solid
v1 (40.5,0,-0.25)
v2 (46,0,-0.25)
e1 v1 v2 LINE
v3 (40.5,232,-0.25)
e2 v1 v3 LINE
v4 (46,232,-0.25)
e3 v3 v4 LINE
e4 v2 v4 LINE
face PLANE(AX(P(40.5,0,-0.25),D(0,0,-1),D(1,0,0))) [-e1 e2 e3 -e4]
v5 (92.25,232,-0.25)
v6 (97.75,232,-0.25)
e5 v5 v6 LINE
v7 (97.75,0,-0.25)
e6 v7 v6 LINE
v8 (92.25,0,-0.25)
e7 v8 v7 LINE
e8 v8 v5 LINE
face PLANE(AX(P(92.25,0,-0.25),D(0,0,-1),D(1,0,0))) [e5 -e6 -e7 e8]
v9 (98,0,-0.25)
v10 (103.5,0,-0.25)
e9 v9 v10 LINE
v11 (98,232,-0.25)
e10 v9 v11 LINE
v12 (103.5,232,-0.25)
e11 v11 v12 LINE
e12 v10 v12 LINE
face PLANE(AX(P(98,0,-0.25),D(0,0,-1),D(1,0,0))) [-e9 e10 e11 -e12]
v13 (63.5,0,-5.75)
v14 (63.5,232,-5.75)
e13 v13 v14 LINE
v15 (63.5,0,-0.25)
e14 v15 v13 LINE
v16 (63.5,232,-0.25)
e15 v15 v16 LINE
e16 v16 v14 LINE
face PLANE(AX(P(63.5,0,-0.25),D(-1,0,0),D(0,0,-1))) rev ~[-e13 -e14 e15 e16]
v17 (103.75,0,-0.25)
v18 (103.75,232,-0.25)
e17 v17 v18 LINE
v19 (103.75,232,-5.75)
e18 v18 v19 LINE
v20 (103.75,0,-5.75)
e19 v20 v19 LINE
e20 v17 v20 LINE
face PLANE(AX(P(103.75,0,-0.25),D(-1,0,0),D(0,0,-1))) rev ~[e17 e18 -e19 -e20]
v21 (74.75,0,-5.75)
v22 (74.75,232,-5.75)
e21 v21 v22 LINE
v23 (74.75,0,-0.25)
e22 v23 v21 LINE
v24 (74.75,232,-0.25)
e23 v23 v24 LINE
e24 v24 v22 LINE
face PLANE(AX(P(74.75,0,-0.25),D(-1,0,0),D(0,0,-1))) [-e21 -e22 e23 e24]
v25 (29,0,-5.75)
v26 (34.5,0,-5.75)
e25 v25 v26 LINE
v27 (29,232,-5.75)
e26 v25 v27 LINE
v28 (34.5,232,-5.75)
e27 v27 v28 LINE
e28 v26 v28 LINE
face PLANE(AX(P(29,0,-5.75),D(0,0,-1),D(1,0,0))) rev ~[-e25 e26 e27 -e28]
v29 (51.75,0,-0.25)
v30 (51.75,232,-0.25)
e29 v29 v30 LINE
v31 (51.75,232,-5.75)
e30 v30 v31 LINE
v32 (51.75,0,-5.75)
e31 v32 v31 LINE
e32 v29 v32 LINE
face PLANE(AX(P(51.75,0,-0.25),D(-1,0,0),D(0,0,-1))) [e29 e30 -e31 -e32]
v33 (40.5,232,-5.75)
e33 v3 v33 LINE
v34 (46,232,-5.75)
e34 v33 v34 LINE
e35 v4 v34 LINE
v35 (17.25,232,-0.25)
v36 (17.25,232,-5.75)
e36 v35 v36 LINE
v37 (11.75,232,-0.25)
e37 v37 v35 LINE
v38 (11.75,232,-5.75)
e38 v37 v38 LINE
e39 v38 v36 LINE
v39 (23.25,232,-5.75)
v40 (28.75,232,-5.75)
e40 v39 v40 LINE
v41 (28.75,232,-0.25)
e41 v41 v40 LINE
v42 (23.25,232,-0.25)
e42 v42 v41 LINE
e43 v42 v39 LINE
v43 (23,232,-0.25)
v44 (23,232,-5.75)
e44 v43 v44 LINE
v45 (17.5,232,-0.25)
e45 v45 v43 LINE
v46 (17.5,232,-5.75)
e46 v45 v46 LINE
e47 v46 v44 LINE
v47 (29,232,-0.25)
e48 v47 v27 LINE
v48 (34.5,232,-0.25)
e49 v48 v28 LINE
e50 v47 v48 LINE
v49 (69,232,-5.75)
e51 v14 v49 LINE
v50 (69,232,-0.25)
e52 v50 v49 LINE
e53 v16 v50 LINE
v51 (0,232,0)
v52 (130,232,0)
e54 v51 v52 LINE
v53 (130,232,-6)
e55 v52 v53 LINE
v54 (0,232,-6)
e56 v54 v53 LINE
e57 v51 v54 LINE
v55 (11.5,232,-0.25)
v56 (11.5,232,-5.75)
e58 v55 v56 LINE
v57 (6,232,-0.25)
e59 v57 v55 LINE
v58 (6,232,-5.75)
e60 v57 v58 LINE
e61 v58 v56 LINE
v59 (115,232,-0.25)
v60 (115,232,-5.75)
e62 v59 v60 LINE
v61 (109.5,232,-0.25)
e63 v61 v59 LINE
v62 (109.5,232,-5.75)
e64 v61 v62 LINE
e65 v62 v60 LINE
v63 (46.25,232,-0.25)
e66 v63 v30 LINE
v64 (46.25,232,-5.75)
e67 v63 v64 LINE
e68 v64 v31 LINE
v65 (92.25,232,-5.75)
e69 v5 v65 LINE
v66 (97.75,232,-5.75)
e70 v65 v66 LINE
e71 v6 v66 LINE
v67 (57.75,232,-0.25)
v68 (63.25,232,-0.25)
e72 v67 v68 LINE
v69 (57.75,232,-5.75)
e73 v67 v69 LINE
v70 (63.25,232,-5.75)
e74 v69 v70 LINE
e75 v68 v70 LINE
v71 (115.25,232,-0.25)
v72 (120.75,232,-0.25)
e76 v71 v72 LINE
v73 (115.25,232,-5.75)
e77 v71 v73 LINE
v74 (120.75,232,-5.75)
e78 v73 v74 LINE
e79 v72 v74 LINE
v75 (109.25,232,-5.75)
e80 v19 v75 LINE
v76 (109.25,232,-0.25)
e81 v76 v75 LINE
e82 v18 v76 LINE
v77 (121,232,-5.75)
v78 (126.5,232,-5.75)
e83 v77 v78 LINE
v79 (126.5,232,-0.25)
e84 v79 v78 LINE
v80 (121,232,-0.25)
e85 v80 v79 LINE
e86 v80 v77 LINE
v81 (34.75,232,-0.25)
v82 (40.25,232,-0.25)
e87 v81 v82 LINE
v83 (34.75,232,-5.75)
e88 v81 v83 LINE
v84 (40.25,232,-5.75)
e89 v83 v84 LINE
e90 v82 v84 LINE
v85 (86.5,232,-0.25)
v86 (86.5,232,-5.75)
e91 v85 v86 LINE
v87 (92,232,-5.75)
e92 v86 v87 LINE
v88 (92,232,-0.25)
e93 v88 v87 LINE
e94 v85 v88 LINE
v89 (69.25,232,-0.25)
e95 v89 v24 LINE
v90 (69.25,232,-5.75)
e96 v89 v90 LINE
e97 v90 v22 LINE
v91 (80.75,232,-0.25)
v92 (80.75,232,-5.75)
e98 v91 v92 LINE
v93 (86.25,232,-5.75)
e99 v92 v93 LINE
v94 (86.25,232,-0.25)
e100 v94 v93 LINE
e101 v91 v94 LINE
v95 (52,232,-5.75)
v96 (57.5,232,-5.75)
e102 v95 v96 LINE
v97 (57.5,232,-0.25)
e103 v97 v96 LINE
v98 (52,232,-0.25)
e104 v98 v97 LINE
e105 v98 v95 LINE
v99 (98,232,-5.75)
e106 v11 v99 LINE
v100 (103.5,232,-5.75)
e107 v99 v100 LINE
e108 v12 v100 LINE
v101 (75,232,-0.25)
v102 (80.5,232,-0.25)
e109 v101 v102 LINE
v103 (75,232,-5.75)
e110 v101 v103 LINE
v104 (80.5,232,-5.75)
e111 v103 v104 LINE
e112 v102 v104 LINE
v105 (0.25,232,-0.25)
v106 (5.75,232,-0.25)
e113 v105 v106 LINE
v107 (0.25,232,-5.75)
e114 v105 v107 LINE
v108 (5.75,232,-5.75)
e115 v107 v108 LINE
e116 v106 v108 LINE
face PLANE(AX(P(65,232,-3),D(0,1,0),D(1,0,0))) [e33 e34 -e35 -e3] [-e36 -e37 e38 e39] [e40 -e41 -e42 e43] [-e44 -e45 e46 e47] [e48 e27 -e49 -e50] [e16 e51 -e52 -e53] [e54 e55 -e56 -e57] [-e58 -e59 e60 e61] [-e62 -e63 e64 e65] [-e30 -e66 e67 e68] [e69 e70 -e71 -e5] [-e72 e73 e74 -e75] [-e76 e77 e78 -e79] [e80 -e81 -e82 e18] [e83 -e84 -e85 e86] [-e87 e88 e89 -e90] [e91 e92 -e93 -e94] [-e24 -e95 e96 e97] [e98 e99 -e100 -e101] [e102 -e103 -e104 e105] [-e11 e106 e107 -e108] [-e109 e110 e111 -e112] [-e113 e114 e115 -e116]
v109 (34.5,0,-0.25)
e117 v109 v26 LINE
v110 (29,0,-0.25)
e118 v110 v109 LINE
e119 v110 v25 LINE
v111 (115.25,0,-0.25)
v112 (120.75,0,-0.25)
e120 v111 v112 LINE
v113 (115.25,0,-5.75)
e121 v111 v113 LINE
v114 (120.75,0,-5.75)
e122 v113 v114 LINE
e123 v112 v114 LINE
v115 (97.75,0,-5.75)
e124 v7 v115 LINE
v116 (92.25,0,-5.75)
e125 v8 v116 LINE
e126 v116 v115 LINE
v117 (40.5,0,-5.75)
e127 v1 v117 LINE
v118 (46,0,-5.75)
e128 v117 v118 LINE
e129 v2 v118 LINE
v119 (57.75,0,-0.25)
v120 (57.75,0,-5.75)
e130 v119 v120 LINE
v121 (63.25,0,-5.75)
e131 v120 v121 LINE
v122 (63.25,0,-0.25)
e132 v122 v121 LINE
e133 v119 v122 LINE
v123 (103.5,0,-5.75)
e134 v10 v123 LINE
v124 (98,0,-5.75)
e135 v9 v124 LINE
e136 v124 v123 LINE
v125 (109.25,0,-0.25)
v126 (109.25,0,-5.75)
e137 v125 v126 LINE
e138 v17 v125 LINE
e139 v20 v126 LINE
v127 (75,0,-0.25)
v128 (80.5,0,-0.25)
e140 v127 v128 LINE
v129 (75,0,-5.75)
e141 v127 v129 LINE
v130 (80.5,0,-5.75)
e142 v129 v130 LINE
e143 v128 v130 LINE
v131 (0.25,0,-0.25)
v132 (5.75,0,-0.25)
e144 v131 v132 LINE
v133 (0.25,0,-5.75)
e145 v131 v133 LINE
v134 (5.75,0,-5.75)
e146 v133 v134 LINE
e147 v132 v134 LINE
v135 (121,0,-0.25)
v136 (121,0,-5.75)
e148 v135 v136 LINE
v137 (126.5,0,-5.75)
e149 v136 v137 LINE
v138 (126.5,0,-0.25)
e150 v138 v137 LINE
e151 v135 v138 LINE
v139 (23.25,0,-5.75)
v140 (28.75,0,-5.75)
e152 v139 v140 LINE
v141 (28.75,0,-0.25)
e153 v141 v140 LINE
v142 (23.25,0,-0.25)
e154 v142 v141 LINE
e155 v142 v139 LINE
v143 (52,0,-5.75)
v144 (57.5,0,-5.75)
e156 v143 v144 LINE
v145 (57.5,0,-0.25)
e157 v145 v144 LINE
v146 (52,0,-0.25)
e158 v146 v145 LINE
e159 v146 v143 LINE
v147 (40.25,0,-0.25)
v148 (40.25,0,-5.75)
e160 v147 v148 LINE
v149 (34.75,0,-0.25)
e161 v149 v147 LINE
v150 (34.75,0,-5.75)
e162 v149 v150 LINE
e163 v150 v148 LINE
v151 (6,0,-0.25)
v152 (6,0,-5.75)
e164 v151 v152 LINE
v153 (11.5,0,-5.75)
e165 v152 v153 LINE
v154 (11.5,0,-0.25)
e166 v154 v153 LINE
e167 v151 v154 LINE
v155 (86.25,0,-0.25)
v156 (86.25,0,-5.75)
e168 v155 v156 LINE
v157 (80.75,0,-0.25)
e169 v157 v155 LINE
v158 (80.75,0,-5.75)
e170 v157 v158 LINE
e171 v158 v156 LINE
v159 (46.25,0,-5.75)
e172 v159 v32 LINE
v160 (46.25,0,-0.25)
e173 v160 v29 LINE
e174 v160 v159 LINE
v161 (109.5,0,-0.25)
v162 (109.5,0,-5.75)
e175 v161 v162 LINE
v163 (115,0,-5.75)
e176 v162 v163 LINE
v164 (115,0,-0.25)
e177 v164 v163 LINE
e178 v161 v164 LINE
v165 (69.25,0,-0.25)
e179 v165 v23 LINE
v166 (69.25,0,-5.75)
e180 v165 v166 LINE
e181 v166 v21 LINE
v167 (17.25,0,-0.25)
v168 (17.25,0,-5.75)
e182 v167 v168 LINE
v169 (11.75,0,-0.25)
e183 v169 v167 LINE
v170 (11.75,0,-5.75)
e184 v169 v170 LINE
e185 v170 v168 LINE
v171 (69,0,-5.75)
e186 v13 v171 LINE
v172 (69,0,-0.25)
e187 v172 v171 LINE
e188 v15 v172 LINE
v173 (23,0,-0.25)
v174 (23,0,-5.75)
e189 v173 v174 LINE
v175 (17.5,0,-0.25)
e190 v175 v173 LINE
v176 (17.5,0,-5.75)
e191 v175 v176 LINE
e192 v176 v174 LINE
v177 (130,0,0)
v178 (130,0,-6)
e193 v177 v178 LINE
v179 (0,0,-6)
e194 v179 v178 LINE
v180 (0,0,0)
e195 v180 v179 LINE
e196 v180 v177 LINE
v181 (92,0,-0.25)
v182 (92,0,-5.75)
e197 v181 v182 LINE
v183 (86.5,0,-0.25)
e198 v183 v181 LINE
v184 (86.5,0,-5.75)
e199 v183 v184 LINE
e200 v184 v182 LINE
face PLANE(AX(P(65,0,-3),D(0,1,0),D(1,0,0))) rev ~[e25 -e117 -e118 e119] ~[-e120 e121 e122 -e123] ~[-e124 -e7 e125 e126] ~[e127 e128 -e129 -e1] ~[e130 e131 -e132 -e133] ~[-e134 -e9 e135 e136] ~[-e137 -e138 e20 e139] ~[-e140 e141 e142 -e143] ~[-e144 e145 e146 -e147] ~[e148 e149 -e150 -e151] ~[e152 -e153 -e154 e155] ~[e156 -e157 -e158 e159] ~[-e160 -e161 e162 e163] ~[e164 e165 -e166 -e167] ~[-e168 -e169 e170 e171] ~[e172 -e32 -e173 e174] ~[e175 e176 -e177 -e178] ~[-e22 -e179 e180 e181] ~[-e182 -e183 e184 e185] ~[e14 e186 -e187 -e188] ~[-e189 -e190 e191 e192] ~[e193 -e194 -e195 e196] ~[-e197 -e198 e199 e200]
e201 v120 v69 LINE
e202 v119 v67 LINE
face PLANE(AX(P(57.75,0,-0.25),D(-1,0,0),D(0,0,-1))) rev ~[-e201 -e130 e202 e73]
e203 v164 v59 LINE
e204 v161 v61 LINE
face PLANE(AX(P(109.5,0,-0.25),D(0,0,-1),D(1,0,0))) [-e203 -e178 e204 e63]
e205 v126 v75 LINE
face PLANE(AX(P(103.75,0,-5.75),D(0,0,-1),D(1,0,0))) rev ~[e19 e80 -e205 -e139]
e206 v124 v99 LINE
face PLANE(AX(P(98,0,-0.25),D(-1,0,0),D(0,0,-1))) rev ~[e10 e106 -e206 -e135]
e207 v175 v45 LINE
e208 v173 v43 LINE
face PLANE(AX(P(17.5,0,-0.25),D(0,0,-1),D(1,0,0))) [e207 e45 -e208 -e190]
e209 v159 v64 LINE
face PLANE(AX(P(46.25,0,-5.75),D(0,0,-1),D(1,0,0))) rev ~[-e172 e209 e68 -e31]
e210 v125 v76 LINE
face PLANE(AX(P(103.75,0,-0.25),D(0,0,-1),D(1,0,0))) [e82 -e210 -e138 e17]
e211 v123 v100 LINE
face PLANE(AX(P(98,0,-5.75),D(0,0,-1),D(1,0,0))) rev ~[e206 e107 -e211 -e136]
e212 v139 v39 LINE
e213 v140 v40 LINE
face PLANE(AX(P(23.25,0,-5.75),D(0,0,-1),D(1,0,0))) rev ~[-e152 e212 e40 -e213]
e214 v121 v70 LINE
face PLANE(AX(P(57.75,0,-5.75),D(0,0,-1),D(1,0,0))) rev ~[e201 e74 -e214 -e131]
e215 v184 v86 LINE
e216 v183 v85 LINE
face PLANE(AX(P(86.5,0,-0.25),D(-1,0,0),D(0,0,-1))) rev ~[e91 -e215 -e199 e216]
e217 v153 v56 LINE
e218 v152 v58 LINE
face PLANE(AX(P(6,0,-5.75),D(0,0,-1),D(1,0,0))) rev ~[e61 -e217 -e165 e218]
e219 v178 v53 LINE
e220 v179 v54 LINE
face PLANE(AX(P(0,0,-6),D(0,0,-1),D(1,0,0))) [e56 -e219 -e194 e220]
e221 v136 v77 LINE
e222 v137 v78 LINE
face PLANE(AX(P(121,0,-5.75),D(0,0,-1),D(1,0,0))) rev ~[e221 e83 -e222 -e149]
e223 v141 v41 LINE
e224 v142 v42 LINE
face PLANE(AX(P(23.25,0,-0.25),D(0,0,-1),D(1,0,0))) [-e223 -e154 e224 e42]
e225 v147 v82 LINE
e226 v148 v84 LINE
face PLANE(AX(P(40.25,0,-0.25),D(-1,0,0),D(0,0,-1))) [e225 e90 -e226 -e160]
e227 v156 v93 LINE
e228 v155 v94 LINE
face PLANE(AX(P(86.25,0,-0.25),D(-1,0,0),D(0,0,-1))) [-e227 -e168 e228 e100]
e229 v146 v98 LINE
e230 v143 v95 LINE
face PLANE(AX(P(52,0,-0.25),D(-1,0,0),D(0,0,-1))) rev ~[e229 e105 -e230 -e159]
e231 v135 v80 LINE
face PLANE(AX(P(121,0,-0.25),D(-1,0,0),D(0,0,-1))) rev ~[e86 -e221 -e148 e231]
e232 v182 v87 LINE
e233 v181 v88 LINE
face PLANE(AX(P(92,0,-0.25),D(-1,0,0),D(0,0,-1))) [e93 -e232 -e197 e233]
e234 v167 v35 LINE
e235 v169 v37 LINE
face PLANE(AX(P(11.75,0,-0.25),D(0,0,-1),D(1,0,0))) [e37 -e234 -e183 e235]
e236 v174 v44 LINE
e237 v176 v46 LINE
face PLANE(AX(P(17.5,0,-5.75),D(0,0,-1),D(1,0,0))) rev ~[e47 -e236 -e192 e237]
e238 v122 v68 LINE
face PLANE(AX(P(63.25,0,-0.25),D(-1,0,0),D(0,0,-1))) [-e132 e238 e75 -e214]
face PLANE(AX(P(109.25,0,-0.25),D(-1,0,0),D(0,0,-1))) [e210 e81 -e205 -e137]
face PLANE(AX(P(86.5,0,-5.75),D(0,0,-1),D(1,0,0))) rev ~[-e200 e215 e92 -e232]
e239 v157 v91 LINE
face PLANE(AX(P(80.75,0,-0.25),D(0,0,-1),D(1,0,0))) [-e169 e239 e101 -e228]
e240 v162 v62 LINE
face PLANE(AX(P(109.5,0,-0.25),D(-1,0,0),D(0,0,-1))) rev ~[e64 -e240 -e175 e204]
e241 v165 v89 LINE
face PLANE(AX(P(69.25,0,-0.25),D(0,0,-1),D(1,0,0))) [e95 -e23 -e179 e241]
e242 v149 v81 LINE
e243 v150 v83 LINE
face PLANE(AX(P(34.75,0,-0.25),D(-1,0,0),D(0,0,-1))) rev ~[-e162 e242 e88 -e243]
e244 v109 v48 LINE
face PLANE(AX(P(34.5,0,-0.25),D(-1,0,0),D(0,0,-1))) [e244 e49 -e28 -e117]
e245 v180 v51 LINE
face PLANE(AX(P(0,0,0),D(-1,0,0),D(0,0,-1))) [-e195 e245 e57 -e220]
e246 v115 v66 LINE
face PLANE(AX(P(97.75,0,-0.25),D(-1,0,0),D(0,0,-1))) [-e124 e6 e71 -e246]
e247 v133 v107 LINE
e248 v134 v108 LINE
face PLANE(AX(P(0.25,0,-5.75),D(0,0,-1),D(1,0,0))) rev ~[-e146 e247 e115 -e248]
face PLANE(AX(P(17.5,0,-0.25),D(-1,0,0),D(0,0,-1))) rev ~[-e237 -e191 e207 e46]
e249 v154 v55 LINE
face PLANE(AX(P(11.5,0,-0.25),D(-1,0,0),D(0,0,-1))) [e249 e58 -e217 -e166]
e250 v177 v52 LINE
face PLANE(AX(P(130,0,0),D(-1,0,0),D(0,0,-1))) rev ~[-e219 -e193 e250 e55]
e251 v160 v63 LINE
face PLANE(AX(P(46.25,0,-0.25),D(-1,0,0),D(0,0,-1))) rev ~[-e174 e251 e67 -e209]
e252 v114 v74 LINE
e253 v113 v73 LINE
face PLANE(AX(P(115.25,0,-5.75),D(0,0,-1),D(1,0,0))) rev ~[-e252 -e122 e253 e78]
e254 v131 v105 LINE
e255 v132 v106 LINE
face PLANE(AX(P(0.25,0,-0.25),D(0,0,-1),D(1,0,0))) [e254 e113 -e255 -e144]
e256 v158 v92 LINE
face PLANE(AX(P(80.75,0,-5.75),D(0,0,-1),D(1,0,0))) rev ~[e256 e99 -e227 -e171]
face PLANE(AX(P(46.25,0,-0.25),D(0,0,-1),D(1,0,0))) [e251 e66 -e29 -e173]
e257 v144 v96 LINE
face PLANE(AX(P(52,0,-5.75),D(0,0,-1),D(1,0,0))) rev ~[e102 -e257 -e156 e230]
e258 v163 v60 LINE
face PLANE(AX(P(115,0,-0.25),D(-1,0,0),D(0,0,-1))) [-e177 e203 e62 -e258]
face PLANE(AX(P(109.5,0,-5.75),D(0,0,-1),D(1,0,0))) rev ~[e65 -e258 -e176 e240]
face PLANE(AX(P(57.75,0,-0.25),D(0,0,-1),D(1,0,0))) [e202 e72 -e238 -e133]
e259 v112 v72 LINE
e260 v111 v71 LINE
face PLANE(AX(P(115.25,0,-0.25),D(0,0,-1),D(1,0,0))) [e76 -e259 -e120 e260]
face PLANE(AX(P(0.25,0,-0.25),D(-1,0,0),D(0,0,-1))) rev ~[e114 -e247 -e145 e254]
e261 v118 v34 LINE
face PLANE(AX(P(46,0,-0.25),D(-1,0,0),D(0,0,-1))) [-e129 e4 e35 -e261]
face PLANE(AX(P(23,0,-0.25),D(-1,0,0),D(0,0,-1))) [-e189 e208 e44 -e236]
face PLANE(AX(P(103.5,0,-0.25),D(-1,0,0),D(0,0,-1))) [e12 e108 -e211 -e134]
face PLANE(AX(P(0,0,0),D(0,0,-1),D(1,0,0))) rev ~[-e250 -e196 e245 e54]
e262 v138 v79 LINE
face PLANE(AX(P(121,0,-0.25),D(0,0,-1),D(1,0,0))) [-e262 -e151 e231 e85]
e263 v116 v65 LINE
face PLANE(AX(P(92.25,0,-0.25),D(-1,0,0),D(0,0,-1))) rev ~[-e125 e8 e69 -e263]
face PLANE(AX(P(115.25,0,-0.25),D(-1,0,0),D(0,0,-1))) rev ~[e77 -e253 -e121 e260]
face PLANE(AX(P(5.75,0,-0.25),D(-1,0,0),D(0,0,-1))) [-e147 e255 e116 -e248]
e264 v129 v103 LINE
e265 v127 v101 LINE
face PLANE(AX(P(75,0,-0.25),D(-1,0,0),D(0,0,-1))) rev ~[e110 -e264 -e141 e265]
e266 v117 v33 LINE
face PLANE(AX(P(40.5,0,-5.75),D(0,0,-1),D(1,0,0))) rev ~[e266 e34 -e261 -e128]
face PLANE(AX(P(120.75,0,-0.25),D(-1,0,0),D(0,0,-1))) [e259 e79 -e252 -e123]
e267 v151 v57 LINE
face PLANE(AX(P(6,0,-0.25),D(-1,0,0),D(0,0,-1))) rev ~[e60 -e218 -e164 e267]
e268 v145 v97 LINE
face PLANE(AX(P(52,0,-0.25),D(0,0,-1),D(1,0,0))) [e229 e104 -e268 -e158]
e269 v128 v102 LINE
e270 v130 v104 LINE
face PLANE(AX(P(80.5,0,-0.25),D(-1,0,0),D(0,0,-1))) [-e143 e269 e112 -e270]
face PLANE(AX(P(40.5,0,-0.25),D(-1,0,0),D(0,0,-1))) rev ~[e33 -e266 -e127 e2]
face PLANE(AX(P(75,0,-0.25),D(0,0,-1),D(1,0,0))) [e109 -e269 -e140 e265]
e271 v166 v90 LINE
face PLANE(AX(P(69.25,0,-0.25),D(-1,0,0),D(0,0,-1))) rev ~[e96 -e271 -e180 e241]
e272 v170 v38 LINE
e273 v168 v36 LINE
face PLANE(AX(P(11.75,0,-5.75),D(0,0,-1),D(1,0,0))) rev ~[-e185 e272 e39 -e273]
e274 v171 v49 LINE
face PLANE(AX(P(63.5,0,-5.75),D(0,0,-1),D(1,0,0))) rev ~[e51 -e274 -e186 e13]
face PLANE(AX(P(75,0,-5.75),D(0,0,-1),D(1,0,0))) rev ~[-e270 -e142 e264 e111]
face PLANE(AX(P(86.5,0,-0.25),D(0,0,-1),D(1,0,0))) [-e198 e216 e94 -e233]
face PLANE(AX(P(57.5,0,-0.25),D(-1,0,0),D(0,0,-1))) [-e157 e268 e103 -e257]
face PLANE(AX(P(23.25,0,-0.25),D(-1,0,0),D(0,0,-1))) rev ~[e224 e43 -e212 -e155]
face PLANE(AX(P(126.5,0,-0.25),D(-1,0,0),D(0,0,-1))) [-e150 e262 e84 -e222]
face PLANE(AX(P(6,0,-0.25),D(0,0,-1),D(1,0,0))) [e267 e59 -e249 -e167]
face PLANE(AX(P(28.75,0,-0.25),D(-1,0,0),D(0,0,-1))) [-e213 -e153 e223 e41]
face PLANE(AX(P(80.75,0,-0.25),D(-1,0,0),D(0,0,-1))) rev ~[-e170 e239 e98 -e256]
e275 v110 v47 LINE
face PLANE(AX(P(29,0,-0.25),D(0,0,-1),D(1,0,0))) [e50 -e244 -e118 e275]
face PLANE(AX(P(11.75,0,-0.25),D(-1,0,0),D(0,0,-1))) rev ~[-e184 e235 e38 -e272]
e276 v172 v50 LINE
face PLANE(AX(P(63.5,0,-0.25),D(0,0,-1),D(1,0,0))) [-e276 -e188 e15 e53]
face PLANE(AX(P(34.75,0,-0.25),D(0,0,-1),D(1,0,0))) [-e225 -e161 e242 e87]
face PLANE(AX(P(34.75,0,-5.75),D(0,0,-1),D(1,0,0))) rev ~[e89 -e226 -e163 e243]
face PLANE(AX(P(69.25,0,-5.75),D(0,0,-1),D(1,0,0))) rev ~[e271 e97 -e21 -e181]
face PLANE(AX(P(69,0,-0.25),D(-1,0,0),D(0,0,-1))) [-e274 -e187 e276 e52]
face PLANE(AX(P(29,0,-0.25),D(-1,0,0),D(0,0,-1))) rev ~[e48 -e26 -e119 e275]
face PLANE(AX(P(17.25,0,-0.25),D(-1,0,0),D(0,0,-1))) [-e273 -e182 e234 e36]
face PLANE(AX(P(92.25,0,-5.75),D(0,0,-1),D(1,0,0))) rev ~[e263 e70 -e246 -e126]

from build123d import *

# Parameters (mm, degrees)
SKETCH1_W           = 130
SKETCH1_H           = 6
SKETCH1_W_2         = 5.5
SKETCH1_H_2         = 5.5
BOSS_EXTRUDE1_DEPTH = 232


with BuildPart() as part:
    # Sketch1 → Boss-Extrude1 (new body)
    with BuildSketch(Plane(origin=(0, 0, 0), x_dir=(1, 0, 0), z_dir=(0, 1, 0))):
        with Locations((65, 3)):
            Rectangle(SKETCH1_W, SKETCH1_H)
        with Locations((8.75, 3)):
            Rectangle(SKETCH1_W_2, SKETCH1_H_2, mode=Mode.SUBTRACT)
        with Locations((3, 3)):
            Rectangle(SKETCH1_W_2, SKETCH1_H_2, mode=Mode.SUBTRACT)
        with Locations((14.5, 3)):
            Rectangle(SKETCH1_W_2, SKETCH1_H_2, mode=Mode.SUBTRACT)
        with Locations((20.25, 3)):
            Rectangle(SKETCH1_W_2, SKETCH1_H_2, mode=Mode.SUBTRACT)
        with Locations((26, 3)):
            Rectangle(SKETCH1_W_2, SKETCH1_H_2, mode=Mode.SUBTRACT)
        with Locations((31.75, 3)):
            Rectangle(SKETCH1_W_2, SKETCH1_H_2, mode=Mode.SUBTRACT)
        with Locations((37.5, 3)):
            Rectangle(SKETCH1_W_2, SKETCH1_H_2, mode=Mode.SUBTRACT)
        with Locations((43.25, 3)):
            Rectangle(SKETCH1_W_2, SKETCH1_H_2, mode=Mode.SUBTRACT)
        with Locations((49, 3)):
            Rectangle(SKETCH1_W_2, SKETCH1_H_2, mode=Mode.SUBTRACT)
        with Locations((54.75, 3)):
            Rectangle(SKETCH1_W_2, SKETCH1_H_2, mode=Mode.SUBTRACT)
        with Locations((60.5, 3)):
            Rectangle(SKETCH1_W_2, SKETCH1_H_2, mode=Mode.SUBTRACT)
        with Locations((66.25, 3)):
            Rectangle(SKETCH1_W_2, SKETCH1_H_2, mode=Mode.SUBTRACT)
        with Locations((72, 3)):
            Rectangle(SKETCH1_W_2, SKETCH1_H_2, mode=Mode.SUBTRACT)
        with Locations((77.75, 3)):
            Rectangle(SKETCH1_W_2, SKETCH1_H_2, mode=Mode.SUBTRACT)
        with Locations((83.5, 3)):
            Rectangle(SKETCH1_W_2, SKETCH1_H_2, mode=Mode.SUBTRACT)
        with Locations((89.25, 3)):
            Rectangle(SKETCH1_W_2, SKETCH1_H_2, mode=Mode.SUBTRACT)
        with Locations((95, 3)):
            Rectangle(SKETCH1_W_2, SKETCH1_H_2, mode=Mode.SUBTRACT)
        with Locations((100.75, 3)):
            Rectangle(SKETCH1_W_2, SKETCH1_H_2, mode=Mode.SUBTRACT)
        with Locations((106.5, 3)):
            Rectangle(SKETCH1_W_2, SKETCH1_H_2, mode=Mode.SUBTRACT)
        with Locations((112.25, 3)):
            Rectangle(SKETCH1_W_2, SKETCH1_H_2, mode=Mode.SUBTRACT)
        with Locations((118, 3)):
            Rectangle(SKETCH1_W_2, SKETCH1_H_2, mode=Mode.SUBTRACT)
        with Locations((123.75, 3)):
            Rectangle(SKETCH1_W_2, SKETCH1_H_2, mode=Mode.SUBTRACT)
    extrude(amount=BOSS_EXTRUDE1_DEPTH)


solid = part.part
